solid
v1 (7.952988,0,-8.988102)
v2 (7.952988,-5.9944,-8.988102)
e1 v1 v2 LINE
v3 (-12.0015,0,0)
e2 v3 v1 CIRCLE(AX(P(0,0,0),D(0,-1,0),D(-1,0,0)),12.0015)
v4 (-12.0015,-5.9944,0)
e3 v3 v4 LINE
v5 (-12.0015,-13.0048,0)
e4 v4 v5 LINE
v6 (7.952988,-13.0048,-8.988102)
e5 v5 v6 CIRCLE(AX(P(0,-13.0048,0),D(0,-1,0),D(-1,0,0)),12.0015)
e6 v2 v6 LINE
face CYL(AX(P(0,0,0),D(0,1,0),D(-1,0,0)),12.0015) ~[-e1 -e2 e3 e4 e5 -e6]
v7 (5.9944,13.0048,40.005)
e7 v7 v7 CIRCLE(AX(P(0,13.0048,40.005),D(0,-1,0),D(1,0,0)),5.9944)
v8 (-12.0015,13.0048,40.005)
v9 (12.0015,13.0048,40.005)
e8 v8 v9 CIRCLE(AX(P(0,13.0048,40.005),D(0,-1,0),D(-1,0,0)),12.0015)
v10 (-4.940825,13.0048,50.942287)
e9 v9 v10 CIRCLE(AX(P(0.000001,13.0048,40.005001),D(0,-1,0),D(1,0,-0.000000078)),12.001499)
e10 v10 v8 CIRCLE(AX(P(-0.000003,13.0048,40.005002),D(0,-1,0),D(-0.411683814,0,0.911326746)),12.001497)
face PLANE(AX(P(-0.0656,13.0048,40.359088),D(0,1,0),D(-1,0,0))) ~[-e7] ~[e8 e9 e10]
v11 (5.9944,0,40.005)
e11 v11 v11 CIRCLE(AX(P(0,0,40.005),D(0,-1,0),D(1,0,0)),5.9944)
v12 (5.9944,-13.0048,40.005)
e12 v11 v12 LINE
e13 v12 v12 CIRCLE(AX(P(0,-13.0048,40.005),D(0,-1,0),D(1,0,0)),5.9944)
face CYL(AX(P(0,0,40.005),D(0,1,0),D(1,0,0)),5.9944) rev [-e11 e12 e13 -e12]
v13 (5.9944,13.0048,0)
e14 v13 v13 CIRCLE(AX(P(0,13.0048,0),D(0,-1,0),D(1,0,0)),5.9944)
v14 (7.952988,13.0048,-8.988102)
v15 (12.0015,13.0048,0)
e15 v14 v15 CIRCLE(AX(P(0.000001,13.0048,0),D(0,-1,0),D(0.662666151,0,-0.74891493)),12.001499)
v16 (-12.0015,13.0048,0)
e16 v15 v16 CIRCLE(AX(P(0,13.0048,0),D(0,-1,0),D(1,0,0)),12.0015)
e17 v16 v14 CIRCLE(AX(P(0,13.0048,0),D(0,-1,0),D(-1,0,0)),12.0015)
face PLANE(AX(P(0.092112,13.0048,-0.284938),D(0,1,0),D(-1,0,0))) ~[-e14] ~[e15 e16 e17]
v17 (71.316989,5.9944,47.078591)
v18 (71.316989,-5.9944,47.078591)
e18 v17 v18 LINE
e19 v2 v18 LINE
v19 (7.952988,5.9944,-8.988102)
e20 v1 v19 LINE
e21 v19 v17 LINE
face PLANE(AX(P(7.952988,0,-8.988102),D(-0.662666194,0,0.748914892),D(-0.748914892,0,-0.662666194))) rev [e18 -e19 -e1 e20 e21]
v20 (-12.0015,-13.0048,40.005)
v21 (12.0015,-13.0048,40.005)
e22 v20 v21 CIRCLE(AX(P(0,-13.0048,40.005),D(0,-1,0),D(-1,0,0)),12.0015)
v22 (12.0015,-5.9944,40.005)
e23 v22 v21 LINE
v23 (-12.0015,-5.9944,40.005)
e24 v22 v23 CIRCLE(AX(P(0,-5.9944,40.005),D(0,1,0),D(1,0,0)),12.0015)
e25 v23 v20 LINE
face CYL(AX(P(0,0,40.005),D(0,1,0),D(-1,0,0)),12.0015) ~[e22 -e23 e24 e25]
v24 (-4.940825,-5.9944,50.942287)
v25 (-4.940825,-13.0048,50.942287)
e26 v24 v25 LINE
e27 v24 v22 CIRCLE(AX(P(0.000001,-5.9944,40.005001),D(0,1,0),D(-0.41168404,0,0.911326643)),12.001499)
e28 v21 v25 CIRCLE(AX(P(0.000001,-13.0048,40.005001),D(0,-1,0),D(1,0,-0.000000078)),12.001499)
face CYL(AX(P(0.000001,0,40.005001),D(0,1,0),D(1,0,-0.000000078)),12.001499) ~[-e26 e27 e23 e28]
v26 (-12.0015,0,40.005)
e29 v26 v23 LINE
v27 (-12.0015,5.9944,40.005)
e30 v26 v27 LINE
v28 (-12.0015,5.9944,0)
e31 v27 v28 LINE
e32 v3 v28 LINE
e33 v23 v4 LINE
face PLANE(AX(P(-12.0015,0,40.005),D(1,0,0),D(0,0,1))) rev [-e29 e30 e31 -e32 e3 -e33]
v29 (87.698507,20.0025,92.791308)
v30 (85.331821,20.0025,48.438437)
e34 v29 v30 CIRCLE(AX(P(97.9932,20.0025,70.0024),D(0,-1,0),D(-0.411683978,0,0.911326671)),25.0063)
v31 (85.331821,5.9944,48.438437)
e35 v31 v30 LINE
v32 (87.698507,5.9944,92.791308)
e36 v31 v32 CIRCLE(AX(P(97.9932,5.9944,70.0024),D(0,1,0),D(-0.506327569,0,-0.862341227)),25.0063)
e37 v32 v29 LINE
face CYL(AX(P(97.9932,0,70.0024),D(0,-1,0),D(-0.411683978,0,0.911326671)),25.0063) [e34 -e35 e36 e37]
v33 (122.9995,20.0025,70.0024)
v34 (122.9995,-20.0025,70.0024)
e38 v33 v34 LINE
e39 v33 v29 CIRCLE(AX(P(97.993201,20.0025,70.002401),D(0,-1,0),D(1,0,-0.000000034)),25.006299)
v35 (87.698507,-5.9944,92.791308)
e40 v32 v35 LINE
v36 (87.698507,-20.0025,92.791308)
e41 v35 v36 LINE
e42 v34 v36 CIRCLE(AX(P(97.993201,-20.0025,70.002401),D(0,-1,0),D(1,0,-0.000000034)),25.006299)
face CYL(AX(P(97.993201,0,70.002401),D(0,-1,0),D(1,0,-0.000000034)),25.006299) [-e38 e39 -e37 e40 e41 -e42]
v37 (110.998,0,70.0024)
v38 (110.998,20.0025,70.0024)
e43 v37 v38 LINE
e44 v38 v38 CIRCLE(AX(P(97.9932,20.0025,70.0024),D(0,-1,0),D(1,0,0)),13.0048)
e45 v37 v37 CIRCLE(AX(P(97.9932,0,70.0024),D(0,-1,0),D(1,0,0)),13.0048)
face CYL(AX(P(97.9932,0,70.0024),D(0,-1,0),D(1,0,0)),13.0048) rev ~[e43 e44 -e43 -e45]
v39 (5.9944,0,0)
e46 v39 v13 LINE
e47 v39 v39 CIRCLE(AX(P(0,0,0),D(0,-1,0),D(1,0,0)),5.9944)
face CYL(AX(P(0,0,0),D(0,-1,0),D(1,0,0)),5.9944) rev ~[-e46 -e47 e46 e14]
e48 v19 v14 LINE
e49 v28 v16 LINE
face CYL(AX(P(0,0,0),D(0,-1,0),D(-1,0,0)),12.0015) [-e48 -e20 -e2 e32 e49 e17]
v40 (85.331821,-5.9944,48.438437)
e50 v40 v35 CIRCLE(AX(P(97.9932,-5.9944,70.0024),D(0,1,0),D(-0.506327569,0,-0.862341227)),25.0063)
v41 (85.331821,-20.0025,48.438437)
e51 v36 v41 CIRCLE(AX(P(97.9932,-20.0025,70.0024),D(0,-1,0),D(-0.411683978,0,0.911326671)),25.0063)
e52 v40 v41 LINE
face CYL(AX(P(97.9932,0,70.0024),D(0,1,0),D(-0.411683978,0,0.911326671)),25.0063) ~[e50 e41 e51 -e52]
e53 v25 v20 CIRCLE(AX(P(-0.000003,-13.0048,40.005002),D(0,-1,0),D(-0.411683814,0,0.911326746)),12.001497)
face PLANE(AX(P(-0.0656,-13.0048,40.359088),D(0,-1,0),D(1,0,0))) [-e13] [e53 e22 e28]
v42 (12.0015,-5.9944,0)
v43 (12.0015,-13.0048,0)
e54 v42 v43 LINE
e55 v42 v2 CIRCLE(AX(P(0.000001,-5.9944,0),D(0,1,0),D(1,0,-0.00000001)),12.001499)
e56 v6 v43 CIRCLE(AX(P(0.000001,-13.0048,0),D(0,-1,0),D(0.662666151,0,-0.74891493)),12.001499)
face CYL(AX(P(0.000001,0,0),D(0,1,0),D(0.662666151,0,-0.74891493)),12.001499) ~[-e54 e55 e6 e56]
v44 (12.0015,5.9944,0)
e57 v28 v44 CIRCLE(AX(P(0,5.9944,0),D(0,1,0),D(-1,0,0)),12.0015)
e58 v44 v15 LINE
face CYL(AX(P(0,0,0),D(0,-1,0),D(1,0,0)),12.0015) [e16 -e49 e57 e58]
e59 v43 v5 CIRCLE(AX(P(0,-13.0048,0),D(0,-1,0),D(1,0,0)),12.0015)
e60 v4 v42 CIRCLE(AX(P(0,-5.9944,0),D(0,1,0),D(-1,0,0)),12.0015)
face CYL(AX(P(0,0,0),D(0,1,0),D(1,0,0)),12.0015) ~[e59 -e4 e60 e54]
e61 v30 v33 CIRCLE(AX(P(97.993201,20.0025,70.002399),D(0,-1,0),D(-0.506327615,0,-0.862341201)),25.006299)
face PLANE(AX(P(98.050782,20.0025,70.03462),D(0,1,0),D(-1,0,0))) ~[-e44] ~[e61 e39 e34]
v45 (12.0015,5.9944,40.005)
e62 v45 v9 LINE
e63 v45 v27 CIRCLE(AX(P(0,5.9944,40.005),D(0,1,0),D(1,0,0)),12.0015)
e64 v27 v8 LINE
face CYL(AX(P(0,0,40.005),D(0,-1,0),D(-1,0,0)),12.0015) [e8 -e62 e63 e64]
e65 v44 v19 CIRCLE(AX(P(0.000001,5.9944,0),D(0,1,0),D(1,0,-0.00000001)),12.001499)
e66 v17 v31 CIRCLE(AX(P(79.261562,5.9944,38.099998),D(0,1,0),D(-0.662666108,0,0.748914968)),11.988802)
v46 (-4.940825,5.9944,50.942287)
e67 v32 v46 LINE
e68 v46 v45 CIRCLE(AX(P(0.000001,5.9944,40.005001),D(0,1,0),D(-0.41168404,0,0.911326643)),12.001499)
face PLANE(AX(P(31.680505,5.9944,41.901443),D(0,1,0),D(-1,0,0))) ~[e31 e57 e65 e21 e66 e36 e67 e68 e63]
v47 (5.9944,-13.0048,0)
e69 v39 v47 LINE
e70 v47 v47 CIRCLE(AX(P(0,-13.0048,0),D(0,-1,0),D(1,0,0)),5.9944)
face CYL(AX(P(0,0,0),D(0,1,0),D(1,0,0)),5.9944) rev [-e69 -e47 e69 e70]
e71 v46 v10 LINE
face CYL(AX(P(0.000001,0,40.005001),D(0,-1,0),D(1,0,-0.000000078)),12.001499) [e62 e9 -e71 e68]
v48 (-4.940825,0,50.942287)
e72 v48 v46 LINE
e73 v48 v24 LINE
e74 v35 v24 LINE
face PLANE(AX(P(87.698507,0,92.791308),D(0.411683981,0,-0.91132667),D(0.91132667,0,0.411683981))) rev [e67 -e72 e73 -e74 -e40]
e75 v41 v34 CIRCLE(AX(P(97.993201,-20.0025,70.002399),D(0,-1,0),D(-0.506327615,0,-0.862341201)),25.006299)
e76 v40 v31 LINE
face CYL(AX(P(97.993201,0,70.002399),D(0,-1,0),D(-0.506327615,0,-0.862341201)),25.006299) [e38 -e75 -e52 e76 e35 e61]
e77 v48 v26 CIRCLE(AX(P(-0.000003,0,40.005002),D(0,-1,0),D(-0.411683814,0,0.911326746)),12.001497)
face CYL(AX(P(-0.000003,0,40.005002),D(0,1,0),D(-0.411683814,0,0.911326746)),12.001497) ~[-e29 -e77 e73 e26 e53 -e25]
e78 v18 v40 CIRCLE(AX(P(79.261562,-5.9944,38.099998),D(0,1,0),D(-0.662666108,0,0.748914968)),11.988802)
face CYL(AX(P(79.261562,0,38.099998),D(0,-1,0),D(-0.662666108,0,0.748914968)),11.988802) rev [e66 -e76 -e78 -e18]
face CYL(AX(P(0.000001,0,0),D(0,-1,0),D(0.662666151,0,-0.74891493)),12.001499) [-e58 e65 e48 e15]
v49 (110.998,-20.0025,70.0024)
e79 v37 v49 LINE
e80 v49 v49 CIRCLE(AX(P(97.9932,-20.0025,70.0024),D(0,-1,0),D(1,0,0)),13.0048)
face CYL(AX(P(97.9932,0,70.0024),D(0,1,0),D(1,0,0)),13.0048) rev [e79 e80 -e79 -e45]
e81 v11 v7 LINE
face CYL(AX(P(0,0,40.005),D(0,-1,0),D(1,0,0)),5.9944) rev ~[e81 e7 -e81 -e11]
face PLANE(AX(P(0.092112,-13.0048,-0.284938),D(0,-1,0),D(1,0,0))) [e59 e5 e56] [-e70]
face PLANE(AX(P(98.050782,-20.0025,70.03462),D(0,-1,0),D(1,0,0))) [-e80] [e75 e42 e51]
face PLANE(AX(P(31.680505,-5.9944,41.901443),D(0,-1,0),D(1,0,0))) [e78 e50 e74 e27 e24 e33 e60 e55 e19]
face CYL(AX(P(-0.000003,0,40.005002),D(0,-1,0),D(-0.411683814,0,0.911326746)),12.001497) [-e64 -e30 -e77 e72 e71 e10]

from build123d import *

# Parameters (mm, degrees)
F1_DEPTH = 5.9944
F0_R     = 5.9944
F2_DEPTH = 13.0048
F0_R_2   = 13.0048
F3_DEPTH = 20.0025


with BuildPart() as f1:
    # F0 (on Front) → F1 (new body)
    with BuildSketch(Plane.XZ):
        with BuildLine():
            ThreePointArc((-12.0015, 0), (0, 12.0015), (12.0015, 0))
            ThreePointArc((12.0015, 0), (10.942664, -4.928905), (7.952988, -8.988102))
            Line((7.952988, -8.988102), (71.316989, 47.078591))
            ThreePointArc((71.316989, 47.078591), (78.103737, 50.03276), (85.331821, 48.438437))
            ThreePointArc((85.331821, 48.438437), (73.022425, 71.33485), (87.698507, 92.791308))
            Line((87.698507, 92.791308), (-4.940825, 50.942287))
            ThreePointArc((-4.940825, 50.942287), (6.509174, 50.087989), (12.0015, 40.005))
            ThreePointArc((12.0015, 40.005), (0, 28.0035), (-12.0015, 40.005))
            Line((-12.0015, 40.005), (-12.0015, 0))
        make_face()
    extrude(amount=F1_DEPTH)

    # F0 (on Front) → F2 (join)
    with BuildSketch(Plane.XZ):
        with BuildLine():
            ThreePointArc((-4.940825, 50.942287), (-10.082989, 46.514174), (-12.0015, 40.005))
            ThreePointArc((-12.0015, 40.005), (0, 28.0035), (12.0015, 40.005))
            ThreePointArc((12.0015, 40.005), (6.509174, 50.087989), (-4.940825, 50.942287))
        make_face()
        with Locations((0, 40.005)):
            Circle(F0_R, mode=Mode.SUBTRACT)
        with BuildLine():
            ThreePointArc((7.952988, -8.988102), (10.942664, -4.928905), (12.0015, 0))
            ThreePointArc((12.0015, 0), (0, 12.0015), (-12.0015, 0))
            ThreePointArc((-12.0015, 0), (-4.928905, -10.942664), (7.952988, -8.988102))
        make_face()
        Circle(F0_R, mode=Mode.SUBTRACT)
    extrude(amount=F2_DEPTH)

    # F0 (on Front) → F3 (join)
    with BuildSketch(Plane.XZ):
        with BuildLine():
            ThreePointArc((87.698507, 92.791308), (73.022425, 71.33485), (85.331821, 48.438437))
            ThreePointArc((85.331821, 48.438437), (110.416984, 48.30068), (122.9995, 70.0024))
            ThreePointArc((122.9995, 70.0024), (111.555701, 91.011294), (87.698507, 92.791308))
        make_face()
        with Locations((97.9932, 70.0024)):
            Circle(F0_R_2, mode=Mode.SUBTRACT)
    extrude(amount=F3_DEPTH)

    # F4: F1 across plane


with BuildPart() as f1_1:
    add(f1.part)
    add(f1.part.mirror(Plane.XZ))


solid = f1_1.part
